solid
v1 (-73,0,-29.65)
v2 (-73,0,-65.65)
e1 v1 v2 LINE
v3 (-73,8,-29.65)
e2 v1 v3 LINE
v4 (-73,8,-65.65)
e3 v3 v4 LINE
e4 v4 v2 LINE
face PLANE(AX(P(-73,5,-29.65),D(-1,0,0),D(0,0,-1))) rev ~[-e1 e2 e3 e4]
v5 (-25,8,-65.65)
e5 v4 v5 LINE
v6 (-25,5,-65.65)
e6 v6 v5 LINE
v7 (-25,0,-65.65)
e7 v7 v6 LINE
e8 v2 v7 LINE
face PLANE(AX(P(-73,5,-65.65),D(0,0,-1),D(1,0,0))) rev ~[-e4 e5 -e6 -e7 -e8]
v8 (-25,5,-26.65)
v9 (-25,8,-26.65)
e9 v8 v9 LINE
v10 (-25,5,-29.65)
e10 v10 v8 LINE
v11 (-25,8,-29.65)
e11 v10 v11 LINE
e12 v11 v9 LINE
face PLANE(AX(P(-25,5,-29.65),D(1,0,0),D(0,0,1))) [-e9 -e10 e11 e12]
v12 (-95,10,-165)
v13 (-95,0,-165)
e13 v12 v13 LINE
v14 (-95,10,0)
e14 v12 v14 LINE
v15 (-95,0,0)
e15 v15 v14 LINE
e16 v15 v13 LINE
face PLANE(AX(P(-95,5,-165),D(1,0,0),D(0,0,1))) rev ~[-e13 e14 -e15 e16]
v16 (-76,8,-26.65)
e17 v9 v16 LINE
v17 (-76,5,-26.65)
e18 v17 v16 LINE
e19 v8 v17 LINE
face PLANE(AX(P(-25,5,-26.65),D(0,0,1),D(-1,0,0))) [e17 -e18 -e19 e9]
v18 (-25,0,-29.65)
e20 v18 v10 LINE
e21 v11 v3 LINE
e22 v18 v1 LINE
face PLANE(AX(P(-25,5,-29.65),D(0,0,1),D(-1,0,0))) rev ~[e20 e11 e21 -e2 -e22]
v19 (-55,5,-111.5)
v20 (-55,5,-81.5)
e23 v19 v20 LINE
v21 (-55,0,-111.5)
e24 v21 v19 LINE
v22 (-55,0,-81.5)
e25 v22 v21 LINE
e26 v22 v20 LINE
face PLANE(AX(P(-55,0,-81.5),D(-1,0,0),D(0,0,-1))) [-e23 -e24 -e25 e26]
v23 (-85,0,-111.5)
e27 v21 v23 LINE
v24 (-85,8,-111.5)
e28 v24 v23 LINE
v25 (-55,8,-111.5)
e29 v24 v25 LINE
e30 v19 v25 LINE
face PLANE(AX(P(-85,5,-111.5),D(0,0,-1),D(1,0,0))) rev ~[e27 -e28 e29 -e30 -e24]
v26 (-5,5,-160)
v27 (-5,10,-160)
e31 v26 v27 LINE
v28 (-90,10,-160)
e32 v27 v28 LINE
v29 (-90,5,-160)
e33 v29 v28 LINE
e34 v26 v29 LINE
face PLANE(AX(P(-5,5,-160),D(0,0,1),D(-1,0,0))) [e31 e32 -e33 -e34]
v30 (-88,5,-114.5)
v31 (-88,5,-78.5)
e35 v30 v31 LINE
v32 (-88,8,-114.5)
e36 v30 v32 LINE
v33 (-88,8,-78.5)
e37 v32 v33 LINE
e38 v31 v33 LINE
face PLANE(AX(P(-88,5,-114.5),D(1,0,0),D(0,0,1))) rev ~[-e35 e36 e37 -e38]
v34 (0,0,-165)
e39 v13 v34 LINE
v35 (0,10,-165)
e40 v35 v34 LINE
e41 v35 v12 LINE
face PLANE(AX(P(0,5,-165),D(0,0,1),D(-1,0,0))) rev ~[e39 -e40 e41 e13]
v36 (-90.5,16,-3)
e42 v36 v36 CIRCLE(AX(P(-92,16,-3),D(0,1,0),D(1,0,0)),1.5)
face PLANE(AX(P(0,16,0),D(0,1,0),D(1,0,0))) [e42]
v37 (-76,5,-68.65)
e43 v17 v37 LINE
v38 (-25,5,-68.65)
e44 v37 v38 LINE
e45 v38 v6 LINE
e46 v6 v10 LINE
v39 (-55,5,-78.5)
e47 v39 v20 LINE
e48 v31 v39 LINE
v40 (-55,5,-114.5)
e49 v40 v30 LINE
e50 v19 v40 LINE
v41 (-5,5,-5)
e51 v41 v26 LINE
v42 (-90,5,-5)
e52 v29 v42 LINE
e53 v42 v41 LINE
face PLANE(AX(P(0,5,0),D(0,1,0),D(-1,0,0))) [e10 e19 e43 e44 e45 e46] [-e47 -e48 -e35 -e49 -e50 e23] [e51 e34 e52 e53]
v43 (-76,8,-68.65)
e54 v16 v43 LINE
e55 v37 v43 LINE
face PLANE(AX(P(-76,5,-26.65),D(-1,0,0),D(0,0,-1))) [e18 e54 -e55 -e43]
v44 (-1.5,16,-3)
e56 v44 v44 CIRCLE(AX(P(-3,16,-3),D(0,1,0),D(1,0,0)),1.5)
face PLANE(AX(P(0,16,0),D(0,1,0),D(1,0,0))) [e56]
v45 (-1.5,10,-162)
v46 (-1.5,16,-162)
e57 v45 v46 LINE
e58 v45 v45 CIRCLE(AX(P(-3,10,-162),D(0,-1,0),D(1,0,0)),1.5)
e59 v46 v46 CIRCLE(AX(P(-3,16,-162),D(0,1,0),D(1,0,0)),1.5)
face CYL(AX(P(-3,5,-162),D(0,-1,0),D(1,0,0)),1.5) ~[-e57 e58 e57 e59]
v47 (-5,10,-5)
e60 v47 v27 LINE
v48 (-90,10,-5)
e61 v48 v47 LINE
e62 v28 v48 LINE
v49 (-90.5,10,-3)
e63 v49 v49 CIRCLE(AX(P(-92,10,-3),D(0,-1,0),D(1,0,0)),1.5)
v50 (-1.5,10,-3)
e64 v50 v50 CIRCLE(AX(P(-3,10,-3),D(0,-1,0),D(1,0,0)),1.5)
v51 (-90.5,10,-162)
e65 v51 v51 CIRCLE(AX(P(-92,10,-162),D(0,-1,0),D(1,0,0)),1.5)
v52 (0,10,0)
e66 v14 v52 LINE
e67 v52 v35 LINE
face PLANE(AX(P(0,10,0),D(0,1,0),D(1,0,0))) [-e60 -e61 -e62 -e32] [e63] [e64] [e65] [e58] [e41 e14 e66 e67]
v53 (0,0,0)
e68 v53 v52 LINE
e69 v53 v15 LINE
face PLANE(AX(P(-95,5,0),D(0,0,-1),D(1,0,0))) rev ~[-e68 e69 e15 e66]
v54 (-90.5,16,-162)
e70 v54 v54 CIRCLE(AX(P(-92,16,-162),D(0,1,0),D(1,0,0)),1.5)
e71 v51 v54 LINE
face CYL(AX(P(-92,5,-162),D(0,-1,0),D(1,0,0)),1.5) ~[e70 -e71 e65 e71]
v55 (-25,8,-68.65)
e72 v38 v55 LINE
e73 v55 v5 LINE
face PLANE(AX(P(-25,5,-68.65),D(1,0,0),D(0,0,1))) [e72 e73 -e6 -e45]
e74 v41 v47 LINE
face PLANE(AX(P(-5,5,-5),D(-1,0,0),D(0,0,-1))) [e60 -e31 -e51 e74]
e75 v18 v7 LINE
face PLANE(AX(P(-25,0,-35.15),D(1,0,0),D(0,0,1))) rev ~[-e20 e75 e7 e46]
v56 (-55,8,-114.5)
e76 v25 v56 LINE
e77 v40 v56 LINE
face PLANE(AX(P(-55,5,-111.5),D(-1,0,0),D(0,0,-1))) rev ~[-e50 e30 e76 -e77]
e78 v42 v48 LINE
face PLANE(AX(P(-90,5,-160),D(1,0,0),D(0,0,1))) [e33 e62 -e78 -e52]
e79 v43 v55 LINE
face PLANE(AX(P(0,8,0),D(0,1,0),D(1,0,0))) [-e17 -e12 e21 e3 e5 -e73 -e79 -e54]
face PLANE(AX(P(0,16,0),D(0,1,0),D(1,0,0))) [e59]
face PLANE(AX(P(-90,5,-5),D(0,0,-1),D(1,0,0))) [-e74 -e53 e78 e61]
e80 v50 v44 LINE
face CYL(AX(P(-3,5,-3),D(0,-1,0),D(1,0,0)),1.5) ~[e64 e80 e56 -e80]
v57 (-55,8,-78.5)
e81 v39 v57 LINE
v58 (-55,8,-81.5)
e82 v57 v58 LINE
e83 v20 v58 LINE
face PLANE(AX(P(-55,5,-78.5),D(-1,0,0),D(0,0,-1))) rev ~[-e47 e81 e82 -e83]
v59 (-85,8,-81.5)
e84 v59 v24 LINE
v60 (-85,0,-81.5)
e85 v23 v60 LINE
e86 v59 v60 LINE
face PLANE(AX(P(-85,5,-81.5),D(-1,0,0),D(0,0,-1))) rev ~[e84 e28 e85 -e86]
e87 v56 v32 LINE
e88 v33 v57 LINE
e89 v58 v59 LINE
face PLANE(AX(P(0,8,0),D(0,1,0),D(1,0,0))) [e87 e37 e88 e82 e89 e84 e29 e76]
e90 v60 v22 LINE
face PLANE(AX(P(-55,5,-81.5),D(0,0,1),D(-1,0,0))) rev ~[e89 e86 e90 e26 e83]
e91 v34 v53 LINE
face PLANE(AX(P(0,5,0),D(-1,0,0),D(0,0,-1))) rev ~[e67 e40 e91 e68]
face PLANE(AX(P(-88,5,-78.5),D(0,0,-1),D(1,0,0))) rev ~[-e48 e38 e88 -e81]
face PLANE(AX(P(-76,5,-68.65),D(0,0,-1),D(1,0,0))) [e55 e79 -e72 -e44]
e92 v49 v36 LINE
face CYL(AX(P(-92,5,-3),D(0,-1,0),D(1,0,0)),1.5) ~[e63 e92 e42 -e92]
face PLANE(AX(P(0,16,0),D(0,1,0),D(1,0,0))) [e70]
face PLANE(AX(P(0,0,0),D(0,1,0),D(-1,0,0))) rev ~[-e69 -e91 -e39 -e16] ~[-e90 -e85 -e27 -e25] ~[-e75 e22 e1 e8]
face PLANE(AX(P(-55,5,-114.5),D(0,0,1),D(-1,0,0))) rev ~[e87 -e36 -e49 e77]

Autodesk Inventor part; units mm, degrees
ref_plane "YZ Plane" through (0, 0, 0) normal (1, 0, 0) x (0, 1, 0)
ref_plane "XZ Plane" through (0, 0, 0) normal (0, 1, 0) x (-1, 0, 0)
ref_plane "XY Plane" through (0, 0, 0) normal (0, 0, 1) x (1, 0, 0)
sketch "草圖1" plane through (0, 0, 0) normal (0, 1, 0) x (-1, 0, 0)
  line L0 (0, 0) -> (95, 0)
  line L1 (95, 0) -> (95, -165)
  line L2 (95, -165) -> (0, -165)
  line L3 (0, -165) -> (0, 0)
  dimension "d0" = 95
  dimension "d1" = 165
extrude "擠出1" add sketch "草圖1" along normal blind 5
sketch "草圖2" plane through (0, 5, 0) normal (0, 1, 0) x (1, 0, 0)
  circle A0 centre (-3, 3) radius 1.5
  line L0 (0, 0) -> (0, 165) projected
  line L1 (-95, 0) -> (0, 0) projected
  circle A1 centre (-92, 3) radius 1.5
  line L2 (-95, 165) -> (-95, 0) projected
  circle A2 centre (-92, 162) radius 1.5
  line L3 (0, 165) -> (-95, 165) projected
  circle A3 centre (-3, 162) radius 1.5
  dimension "d4" = 3
  dimension "d5" = 3
  dimension "d6" = 3
  dimension "d7" = 3
  dimension "d8" = 3
  dimension "d9" = 3
  dimension "d10" = 3
  dimension "d11" = 3
  dimension "d12" = 3
  dimension "d13" = 3
  dimension "d14" = 3
  dimension "d15" = 3
extrude "擠出2" add sketch "草圖2" along normal blind 11 contours A0 | A1 | A2 | A3
sketch "草圖3" plane through (0, 0, 0) normal (0, -1, 0) x (1, 0, 0)
  line L0 (-25, -60.15) -> (-20, -60.15)
  line L1 (-20, -60.15) -> (-20, -35.15)
  line L2 (-20, -35.15) -> (-25, -35.15)
  line L3 (-25, -35.15) -> (-25, -60.15)
  line L4 (-95, 0) -> (0, 0) projected
  line L5 (0, 0) -> (0, -165) projected
  line L6 (-73, -65.65) -> (-25, -65.65)
  line L7 (-25, -65.65) -> (-25, -29.65)
  line L8 (-25, -29.65) -> (-73, -29.65)
  line L9 (-73, -29.65) -> (-73, -65.65)
  point P0 (-22.5, -35.15)
  point P1 (-20, -47.65)
  point P2 (-25, -47.65)
  dimension "d18" = 35.15
  dimension "d19" = 20
  dimension "d20" = 5
  dimension "d21" = 25
  dimension "d22" = 48
  dimension "d23" = 36
  dimension "d24" = 0
  dimension "d25" = 29.65
extrude "擠出3" cut sketch "草圖3" against normal blind 6 contours L7 L6 L9 L8 L3
sketch "草圖4" plane through (0, 0, 0) normal (0, -1, 0) x (1, 0, 0)
  line L0 (-85, -81.5) -> (-55, -81.5)
  line L1 (-55, -81.5) -> (-55, -111.5)
  line L2 (-55, -111.5) -> (-85, -111.5)
  line L3 (-85, -111.5) -> (-85, -81.5)
  line L4 (0, -165) -> (-95, -165) projected
  line L5 (-95, -165) -> (-95, 0) projected
  point P0 (0, 0)
  point P1 (-85, -96.5)
  dimension "d28" = 30
  dimension "d29" = 30
  dimension "d30" = 83.5
  dimension "d31" = 10
extrude "擠出4" cut sketch "草圖4" against normal blind 6
sketch "草圖5" plane through (0, 5, 0) normal (0, 1, 0) x (1, 0, 0)
  line L0 (-25, 26.65) -> (-76, 26.65)
  line L1 (-76, 26.65) -> (-76, 68.65)
  line L2 (-76, 68.65) -> (-25, 68.65)
  line L3 (-25, 68.65) -> (-25, 26.65)
  line L4 (-25, 29.65) -> (-73, 29.65) projected
  line L5 (-25, 65.65) -> (-25, 29.65) projected
  line L6 (-73, 65.65) -> (-25, 65.65) projected
  line L7 (-73, 29.65) -> (-73, 65.65) projected
  point P0 (0, 0)
  point P1 (-70, 65.65)
  point P2 (-70, 29.65)
  dimension "d34" = 3
  dimension "d35" = 0
  dimension "d36" = 3
  dimension "d40" = 3
extrude "擠出5" add sketch "草圖5" along normal blind 3 contours L0 L1 L2 L3 L6 L7 L4
sketch "草圖6" plane through (0, 5, 0) normal (0, 1, 0) x (1, 0, 0)
  line L0 (-88, 78.5) -> (-55, 78.5)
  line L1 (-55, 78.5) -> (-55, 114.5)
  line L2 (-55, 114.5) -> (-88, 114.5)
  line L3 (-88, 114.5) -> (-88, 78.5)
  line L4 (-85, 81.5) -> (-85, 111.5) projected
  line L5 (-55, 81.5) -> (-85, 81.5) projected
  line L6 (-85, 111.5) -> (-55, 111.5) projected
  line L7 (-55, 111.5) -> (-55, 81.5) projected
  point P0 (0, 0)
  dimension "d41" = 3
  dimension "d42" = 3
  dimension "d43" = 3
  dimension "d44" = 0
extrude "擠出6" add sketch "草圖6" along normal blind 3 contours L3 L2 L1 L6 L4 L5 L0
sketch "草圖7" plane through (0, 5, 0) normal (0, 1, 0) x (1, 0, 0)
  line L0 (-95, 0) -> (0, 0)
  line L1 (0, 0) -> (0, 165)
  line L2 (0, 165) -> (-95, 165)
  line L3 (-95, 165) -> (-95, 0)
  line L4 (-95, 165) -> (-95, 0) projected
  line L5 (0, 165) -> (-95, 165) projected
  line L6 (0, 0) -> (0, 165) projected
  line L7 (-95, 0) -> (0, 0) projected
  line L8 (-90, 5) -> (-5, 5)
  line L9 (-5, 5) -> (-5, 160)
  line L10 (-5, 160) -> (-90, 160)
  line L11 (-90, 160) -> (-90, 5)
  dimension "d47" = 5
  dimension "d48" = 5
  dimension "d49" = 5
  dimension "d50" = 5
extrude "擠出7" add sketch "草圖7" along normal blind 5
